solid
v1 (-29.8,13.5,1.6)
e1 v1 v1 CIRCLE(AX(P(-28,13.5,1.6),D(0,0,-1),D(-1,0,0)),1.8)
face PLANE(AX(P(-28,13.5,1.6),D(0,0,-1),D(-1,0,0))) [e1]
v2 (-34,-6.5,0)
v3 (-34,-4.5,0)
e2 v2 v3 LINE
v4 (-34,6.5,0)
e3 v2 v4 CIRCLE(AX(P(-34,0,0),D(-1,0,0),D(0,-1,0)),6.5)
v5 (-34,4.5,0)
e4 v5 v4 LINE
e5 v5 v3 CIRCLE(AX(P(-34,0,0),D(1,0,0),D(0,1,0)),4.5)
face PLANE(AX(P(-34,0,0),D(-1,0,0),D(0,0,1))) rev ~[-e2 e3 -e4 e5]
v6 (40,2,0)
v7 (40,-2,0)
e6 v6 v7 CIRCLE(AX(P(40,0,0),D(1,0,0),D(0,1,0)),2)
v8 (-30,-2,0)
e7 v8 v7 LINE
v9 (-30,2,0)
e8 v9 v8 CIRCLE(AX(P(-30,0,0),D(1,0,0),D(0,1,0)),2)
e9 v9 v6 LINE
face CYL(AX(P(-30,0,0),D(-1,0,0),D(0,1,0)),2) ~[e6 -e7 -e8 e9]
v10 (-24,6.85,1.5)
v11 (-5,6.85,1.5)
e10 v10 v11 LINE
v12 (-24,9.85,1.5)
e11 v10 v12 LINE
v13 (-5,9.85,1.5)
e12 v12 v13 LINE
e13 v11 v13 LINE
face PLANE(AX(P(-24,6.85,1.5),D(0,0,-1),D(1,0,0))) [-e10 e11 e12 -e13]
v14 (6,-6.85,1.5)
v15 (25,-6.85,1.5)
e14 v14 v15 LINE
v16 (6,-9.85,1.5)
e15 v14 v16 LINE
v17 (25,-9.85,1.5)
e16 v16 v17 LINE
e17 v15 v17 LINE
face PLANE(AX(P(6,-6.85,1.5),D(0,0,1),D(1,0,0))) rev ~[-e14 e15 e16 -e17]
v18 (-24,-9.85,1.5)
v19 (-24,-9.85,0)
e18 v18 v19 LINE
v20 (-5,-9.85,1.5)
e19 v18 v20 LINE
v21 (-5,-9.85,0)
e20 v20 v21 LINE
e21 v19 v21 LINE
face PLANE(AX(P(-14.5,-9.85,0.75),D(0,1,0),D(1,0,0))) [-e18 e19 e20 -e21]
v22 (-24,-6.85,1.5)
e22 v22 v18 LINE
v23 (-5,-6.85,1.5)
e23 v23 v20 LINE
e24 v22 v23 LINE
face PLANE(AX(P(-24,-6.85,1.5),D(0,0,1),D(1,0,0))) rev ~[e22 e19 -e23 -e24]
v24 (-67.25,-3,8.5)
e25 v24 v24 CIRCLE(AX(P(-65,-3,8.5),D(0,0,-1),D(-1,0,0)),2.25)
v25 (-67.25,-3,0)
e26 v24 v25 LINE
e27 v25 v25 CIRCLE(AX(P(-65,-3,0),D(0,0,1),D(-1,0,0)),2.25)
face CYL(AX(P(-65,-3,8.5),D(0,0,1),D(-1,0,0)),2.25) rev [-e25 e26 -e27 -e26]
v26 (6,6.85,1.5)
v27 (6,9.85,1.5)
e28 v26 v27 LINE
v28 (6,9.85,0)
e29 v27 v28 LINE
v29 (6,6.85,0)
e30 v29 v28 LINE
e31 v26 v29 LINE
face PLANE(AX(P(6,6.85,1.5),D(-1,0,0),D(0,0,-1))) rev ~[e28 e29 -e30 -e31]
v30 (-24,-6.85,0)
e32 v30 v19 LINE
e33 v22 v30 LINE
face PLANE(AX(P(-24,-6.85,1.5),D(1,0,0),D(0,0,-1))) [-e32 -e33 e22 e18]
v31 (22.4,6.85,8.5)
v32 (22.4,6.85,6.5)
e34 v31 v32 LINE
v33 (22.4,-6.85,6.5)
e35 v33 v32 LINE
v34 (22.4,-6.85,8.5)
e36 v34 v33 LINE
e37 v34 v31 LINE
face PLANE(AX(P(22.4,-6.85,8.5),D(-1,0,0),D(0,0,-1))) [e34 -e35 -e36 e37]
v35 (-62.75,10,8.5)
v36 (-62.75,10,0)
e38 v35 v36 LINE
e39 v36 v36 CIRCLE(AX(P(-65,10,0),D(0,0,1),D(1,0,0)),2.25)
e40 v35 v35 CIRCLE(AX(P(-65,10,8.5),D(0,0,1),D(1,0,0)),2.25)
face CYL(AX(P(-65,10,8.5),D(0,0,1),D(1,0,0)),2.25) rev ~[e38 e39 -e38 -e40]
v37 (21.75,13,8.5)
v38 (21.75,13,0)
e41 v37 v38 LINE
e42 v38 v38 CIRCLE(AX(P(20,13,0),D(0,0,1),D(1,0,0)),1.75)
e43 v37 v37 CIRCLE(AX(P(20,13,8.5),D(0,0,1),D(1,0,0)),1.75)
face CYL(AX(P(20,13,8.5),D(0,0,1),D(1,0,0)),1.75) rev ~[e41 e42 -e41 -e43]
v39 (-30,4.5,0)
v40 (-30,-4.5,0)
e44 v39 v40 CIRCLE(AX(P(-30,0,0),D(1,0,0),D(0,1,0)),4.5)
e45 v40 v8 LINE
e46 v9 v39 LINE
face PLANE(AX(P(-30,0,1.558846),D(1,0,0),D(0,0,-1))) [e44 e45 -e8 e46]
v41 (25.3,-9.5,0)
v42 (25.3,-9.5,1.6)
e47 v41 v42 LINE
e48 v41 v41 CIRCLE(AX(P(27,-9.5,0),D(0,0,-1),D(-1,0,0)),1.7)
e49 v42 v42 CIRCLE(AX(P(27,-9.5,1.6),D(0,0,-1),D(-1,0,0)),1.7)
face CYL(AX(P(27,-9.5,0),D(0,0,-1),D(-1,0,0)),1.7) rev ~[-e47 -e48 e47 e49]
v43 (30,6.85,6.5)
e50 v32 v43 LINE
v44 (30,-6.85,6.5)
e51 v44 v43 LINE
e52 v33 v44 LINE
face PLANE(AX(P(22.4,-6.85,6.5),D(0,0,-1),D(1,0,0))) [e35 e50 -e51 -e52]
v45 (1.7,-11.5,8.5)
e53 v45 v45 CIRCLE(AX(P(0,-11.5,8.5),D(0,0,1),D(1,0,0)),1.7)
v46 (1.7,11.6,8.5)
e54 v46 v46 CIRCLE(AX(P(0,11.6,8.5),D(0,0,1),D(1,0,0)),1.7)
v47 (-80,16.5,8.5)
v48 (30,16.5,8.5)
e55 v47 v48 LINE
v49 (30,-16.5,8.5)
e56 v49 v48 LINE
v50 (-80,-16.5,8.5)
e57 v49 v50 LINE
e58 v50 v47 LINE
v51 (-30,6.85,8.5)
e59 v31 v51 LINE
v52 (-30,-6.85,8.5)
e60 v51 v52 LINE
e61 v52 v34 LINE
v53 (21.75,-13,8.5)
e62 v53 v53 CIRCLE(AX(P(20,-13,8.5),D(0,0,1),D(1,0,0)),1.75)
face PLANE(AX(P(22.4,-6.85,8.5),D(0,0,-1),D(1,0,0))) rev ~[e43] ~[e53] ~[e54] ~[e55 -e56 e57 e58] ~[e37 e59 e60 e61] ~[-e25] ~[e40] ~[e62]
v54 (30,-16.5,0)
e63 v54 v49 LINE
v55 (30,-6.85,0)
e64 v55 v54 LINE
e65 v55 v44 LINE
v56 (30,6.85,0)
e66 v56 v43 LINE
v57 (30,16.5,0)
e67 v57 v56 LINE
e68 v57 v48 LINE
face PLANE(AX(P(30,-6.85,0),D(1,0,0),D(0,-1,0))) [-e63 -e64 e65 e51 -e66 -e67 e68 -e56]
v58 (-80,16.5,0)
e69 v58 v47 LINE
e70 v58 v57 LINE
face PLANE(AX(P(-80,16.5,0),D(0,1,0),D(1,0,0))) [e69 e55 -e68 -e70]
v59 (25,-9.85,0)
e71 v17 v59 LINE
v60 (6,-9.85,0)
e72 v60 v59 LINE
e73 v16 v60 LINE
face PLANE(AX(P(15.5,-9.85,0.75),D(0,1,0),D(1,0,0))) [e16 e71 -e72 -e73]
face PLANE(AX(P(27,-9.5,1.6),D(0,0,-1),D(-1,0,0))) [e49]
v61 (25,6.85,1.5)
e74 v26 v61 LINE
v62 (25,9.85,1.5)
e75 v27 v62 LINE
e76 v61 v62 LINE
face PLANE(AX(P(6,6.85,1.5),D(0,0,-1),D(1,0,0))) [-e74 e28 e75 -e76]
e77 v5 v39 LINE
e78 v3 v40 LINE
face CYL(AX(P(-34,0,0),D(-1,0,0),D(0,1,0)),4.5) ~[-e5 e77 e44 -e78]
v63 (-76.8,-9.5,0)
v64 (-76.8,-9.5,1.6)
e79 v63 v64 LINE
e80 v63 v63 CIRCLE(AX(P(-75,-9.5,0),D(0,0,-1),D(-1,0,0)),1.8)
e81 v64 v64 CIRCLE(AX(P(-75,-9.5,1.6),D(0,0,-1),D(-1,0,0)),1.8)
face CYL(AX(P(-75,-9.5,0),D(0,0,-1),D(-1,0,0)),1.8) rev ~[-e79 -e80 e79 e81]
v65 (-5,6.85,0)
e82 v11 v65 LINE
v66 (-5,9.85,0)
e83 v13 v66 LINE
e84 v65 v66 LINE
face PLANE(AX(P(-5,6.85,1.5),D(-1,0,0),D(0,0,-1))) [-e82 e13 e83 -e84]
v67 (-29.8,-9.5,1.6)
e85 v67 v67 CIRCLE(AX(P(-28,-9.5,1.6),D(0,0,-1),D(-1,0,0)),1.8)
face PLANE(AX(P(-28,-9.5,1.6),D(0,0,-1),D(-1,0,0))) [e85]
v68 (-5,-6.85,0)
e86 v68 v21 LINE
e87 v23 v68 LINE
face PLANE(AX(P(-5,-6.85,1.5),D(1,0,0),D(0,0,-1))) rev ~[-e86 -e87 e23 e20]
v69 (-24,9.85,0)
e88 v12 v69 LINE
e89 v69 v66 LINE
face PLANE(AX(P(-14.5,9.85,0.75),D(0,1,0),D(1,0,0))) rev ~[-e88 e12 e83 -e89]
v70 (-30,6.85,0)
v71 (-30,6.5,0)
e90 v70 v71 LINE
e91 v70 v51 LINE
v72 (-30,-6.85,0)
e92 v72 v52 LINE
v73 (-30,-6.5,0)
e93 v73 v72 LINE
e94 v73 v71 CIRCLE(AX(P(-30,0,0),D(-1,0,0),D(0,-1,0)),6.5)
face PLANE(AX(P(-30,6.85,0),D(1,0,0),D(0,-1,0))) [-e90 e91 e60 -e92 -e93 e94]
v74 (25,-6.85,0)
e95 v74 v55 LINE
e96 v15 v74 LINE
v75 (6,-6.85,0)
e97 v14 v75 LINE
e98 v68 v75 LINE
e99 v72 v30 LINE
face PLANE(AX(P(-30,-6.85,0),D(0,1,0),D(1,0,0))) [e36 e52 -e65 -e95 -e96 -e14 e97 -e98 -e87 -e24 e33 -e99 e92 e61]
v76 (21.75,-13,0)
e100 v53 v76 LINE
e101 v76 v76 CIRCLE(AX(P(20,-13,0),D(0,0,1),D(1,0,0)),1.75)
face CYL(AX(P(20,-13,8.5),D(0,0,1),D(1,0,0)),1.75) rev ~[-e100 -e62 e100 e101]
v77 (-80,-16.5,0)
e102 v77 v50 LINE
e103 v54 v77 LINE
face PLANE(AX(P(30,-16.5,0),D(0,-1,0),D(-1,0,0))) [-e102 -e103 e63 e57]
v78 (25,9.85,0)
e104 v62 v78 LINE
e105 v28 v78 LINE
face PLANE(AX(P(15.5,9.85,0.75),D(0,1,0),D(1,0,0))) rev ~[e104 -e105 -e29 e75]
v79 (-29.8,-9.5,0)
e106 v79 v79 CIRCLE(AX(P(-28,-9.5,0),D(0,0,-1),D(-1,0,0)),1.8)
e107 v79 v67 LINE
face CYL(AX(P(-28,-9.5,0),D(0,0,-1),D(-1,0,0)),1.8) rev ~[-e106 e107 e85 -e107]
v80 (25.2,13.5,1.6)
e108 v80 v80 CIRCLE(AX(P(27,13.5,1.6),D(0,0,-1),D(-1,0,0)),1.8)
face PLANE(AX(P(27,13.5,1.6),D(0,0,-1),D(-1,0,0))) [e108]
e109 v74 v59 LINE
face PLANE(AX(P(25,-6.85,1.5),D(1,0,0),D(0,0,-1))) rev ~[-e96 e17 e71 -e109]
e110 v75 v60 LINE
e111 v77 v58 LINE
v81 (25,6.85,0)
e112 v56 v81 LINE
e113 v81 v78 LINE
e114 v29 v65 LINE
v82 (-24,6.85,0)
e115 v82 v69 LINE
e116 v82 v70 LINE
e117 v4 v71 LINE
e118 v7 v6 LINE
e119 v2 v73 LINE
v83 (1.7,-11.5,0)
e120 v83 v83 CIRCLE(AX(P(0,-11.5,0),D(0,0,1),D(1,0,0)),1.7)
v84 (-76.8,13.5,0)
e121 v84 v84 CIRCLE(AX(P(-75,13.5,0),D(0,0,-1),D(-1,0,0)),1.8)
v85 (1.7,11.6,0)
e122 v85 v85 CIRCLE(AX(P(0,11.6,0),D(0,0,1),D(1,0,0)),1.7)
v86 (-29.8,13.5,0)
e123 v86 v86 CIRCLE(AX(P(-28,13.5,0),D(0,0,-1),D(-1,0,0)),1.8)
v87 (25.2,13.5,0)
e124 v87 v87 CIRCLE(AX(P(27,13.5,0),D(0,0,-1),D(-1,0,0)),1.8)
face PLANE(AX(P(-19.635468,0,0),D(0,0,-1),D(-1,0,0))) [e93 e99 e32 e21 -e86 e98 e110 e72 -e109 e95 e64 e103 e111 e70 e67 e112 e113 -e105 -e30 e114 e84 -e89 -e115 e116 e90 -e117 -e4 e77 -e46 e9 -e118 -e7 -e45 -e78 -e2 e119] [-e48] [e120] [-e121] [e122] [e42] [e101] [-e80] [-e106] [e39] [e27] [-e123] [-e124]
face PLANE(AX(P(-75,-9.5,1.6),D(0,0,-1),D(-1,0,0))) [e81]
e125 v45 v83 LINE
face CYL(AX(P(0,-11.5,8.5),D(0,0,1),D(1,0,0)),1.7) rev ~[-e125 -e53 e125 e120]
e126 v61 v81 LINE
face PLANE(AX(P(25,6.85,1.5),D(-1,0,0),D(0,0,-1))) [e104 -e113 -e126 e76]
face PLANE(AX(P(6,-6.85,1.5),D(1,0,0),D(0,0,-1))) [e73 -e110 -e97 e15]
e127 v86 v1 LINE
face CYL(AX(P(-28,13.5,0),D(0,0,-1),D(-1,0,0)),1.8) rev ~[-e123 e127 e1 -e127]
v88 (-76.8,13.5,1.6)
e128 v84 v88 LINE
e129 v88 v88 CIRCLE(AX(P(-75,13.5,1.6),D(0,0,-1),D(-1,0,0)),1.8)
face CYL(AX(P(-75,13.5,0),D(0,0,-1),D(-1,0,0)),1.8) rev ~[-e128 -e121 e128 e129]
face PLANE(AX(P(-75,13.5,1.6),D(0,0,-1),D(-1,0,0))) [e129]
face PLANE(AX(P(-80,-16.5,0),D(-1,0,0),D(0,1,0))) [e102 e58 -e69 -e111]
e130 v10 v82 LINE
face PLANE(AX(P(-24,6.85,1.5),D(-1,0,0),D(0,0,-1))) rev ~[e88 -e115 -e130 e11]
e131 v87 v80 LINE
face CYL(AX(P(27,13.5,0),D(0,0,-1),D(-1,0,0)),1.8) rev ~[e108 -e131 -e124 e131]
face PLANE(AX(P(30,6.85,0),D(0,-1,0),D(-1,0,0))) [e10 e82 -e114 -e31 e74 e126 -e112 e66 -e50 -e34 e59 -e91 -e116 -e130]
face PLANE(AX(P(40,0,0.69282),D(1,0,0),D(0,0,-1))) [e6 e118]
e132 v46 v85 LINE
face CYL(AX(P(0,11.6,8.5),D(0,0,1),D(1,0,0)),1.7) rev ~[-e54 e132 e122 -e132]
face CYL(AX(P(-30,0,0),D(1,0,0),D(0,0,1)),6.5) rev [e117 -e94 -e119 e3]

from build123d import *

# Parameters (mm, degrees)
RESSALTO_EXTRUS_O1_DEPTH        = 8.5
ESBO_O8_W                       = 19
ESBO_O8_H                       = 1.5
CORTE_EXTRUS_O1_DEPTH           = 3
ESBO_O5_W                       = 19
ESBO_O5_H                       = 1.5
CORTE_EXTRUS_O2_DEPTH           = 3
ESBO_O11_R                      = 2.25
CORTE_EXTRUS_O6_DEPTH           = 9.5
ESBO_O12_R                      = 2.25
CORTE_EXTRUS_O7_DEPTH           = 9.5
ESBO_O15_R                      = 6.5
CORTE_EXTRUS_O12_DEPTH          = 4
RESSALTO_EXTRUS_O2_DEPTH        = 4
ESBO_O17_R                      = 1.8
ESBO_O17_R_2                    = 1.7
CORTE_EXTRUS_O13_DEPTH          = 1.6
ESBO_O8_4_W                     = 19
ESBO_O8_4_H                     = 1.5
CORTE_EXTRUS_O14_DEPTH          = 3
ESBO_O11_7_R                    = 1.7
CORTE_EXTRUS_O18_DEPTH          = 9.5
RESSALTO_EXTRUS_O3_DEPTH        = 70
SKIZZE1_W                       = 7.6
SKIZZE1_H                       = 2
AUFSATZ_LINEAR_AUSTRAGEN1_DEPTH = 15
SKETCH1_R                       = 1.75
CUT_EXTRUDE1_DEPTH              = 10


with BuildPart() as part:
    # Esboço4 → Ressalto-extrusão1 (new body)
    with BuildSketch(Plane.XY):
        Polygon((-80, 16.5), (30, 16.5), (30, 6.85), (-30, 6.85), (-30, -6.85), (30, -6.85), (30, -16.5), (-80, -16.5), align=None)
    extrude(amount=RESSALTO_EXTRUS_O1_DEPTH)

    # Esboço8 → Corte-extrusão1 (cut)
    with BuildSketch(Plane(origin=(-30, -6.85, 8.5), x_dir=(1, 0, 0), z_dir=(0, 1, 0))):
        with Locations((15.5, 7.75)):
            Rectangle(ESBO_O8_W, ESBO_O8_H)
    extrude(amount=-CORTE_EXTRUS_O1_DEPTH, mode=Mode.SUBTRACT)

    # Esboço5 → Corte-extrusão2 (cut)
    with BuildSketch(Plane(origin=(-30, 6.85, 8.5), x_dir=(1, 0, 0), z_dir=(0, 1, 0))):
        with Locations((15.5, 7.75)):
            Rectangle(ESBO_O5_W, ESBO_O5_H)
        with Locations((45.5, 7.75)):
            Rectangle(ESBO_O5_W, ESBO_O5_H)
    extrude(amount=CORTE_EXTRUS_O2_DEPTH, mode=Mode.SUBTRACT)

    # Esboço11 → Corte-extrusão6 (cut, through all)
    with BuildSketch(Plane.XY.offset(8.5)):
        with Locations((-65, 10)):
            Circle(ESBO_O11_R)
    extrude(amount=-CORTE_EXTRUS_O6_DEPTH, mode=Mode.SUBTRACT)

    # Esboço12 → Corte-extrusão7 (cut, through all)
    with BuildSketch(Plane(origin=(-80, 16.5, 8.5), x_dir=(-1, 0, 0), z_dir=(0, 0, -1))):
        with Locations((-15, -19.5)):
            Circle(ESBO_O12_R)
    extrude(amount=CORTE_EXTRUS_O7_DEPTH, mode=Mode.SUBTRACT)

    # Esboço15 → Corte-extrusão12 (cut)
    with BuildSketch(Plane(origin=(-30, -6.85, 0), x_dir=(0, 0, 1), z_dir=(-1, 0, 0))):
        with Locations((0, 6.85)):
            Circle(ESBO_O15_R)
    extrude(amount=CORTE_EXTRUS_O12_DEPTH, mode=Mode.SUBTRACT)

    # Esboço16 → Ressalto-extrusão2 (add)
    with BuildSketch(Plane(origin=(-34, -6.5, 0), x_dir=(0, 0, -1), z_dir=(1, 0, 0))):
        with BuildLine():
            Line((0, 2), (0, 11))
            ThreePointArc((0, 11), (-4.5, 6.5), (0, 2))
        make_face()
    extrude(amount=RESSALTO_EXTRUS_O2_DEPTH)

    # Esboço17 → Corte-extrusão13 (cut)
    with BuildSketch(Plane(origin=(-80, 16.5, 0), x_dir=(-1, 0, 0), z_dir=(0, 0, -1))):
        with Locations((-5, -3)):
            Circle(ESBO_O17_R)
        with Locations((-5, -26)):
            Circle(ESBO_O17_R)
        with Locations((-52, -26)):
            Circle(ESBO_O17_R)
        with Locations((-52, -3)):
            Circle(ESBO_O17_R)
        with Locations((-107, -26)):
            Circle(ESBO_O17_R_2)
        with Locations((-107, -3)):
            Circle(ESBO_O17_R)
    extrude(amount=-CORTE_EXTRUS_O13_DEPTH, mode=Mode.SUBTRACT)

    # Esboço8<4> → Corte-extrusão14 (cut)
    with BuildSketch(Plane(origin=(-30, -6.85, 8.5), x_dir=(1, 0, 0), z_dir=(0, 1, 0))):
        with Locations((15.5, 7.75)):
            Rectangle(ESBO_O8_4_W, ESBO_O8_4_H)
        with Locations((45.5, 7.75)):
            Rectangle(ESBO_O8_4_W, ESBO_O8_4_H)
    extrude(amount=-CORTE_EXTRUS_O14_DEPTH, mode=Mode.SUBTRACT)

    # Esboço11<7> → Corte-extrusão18 (cut, through all)
    with BuildSketch(Plane.XY.offset(8.5)):
        with Locations((0, -11.5)):
            Circle(ESBO_O11_7_R)
        with Locations((0, 11.6)):
            Circle(ESBO_O11_7_R)
    extrude(amount=-CORTE_EXTRUS_O18_DEPTH, mode=Mode.SUBTRACT)

    # Esboço18 → Ressalto-extrusão3 (add)
    with BuildSketch(Plane(origin=(-30, -4.5, 0), x_dir=(0, 0, 1), z_dir=(-1, 0, 0))):
        with BuildLine():
            Line((0, 2.5), (0, 6.5))
            ThreePointArc((0, 6.5), (2, 4.5), (0, 2.5))
        make_face()
    extrude(amount=-RESSALTO_EXTRUS_O3_DEPTH)

    # Skizze1 → Aufsatz-Linear austragen1 (add)
    with BuildSketch(Plane(origin=(0, -6.85, 0), x_dir=(1, 0, 0), z_dir=(0, 1, 0))):
        with Locations((26.2, -7.5)):
            Rectangle(SKIZZE1_W, SKIZZE1_H)
    extrude(amount=AUFSATZ_LINEAR_AUSTRAGEN1_DEPTH)

    # Sketch1 → Cut-Extrude1 (cut)
    with BuildSketch(Plane.XY.offset(8.5)):
        with Locations((20, 13)):
            Circle(SKETCH1_R)
        with Locations((20, -13)):
            Circle(SKETCH1_R)
    extrude(amount=-CUT_EXTRUDE1_DEPTH, mode=Mode.SUBTRACT)


solid = part.part
